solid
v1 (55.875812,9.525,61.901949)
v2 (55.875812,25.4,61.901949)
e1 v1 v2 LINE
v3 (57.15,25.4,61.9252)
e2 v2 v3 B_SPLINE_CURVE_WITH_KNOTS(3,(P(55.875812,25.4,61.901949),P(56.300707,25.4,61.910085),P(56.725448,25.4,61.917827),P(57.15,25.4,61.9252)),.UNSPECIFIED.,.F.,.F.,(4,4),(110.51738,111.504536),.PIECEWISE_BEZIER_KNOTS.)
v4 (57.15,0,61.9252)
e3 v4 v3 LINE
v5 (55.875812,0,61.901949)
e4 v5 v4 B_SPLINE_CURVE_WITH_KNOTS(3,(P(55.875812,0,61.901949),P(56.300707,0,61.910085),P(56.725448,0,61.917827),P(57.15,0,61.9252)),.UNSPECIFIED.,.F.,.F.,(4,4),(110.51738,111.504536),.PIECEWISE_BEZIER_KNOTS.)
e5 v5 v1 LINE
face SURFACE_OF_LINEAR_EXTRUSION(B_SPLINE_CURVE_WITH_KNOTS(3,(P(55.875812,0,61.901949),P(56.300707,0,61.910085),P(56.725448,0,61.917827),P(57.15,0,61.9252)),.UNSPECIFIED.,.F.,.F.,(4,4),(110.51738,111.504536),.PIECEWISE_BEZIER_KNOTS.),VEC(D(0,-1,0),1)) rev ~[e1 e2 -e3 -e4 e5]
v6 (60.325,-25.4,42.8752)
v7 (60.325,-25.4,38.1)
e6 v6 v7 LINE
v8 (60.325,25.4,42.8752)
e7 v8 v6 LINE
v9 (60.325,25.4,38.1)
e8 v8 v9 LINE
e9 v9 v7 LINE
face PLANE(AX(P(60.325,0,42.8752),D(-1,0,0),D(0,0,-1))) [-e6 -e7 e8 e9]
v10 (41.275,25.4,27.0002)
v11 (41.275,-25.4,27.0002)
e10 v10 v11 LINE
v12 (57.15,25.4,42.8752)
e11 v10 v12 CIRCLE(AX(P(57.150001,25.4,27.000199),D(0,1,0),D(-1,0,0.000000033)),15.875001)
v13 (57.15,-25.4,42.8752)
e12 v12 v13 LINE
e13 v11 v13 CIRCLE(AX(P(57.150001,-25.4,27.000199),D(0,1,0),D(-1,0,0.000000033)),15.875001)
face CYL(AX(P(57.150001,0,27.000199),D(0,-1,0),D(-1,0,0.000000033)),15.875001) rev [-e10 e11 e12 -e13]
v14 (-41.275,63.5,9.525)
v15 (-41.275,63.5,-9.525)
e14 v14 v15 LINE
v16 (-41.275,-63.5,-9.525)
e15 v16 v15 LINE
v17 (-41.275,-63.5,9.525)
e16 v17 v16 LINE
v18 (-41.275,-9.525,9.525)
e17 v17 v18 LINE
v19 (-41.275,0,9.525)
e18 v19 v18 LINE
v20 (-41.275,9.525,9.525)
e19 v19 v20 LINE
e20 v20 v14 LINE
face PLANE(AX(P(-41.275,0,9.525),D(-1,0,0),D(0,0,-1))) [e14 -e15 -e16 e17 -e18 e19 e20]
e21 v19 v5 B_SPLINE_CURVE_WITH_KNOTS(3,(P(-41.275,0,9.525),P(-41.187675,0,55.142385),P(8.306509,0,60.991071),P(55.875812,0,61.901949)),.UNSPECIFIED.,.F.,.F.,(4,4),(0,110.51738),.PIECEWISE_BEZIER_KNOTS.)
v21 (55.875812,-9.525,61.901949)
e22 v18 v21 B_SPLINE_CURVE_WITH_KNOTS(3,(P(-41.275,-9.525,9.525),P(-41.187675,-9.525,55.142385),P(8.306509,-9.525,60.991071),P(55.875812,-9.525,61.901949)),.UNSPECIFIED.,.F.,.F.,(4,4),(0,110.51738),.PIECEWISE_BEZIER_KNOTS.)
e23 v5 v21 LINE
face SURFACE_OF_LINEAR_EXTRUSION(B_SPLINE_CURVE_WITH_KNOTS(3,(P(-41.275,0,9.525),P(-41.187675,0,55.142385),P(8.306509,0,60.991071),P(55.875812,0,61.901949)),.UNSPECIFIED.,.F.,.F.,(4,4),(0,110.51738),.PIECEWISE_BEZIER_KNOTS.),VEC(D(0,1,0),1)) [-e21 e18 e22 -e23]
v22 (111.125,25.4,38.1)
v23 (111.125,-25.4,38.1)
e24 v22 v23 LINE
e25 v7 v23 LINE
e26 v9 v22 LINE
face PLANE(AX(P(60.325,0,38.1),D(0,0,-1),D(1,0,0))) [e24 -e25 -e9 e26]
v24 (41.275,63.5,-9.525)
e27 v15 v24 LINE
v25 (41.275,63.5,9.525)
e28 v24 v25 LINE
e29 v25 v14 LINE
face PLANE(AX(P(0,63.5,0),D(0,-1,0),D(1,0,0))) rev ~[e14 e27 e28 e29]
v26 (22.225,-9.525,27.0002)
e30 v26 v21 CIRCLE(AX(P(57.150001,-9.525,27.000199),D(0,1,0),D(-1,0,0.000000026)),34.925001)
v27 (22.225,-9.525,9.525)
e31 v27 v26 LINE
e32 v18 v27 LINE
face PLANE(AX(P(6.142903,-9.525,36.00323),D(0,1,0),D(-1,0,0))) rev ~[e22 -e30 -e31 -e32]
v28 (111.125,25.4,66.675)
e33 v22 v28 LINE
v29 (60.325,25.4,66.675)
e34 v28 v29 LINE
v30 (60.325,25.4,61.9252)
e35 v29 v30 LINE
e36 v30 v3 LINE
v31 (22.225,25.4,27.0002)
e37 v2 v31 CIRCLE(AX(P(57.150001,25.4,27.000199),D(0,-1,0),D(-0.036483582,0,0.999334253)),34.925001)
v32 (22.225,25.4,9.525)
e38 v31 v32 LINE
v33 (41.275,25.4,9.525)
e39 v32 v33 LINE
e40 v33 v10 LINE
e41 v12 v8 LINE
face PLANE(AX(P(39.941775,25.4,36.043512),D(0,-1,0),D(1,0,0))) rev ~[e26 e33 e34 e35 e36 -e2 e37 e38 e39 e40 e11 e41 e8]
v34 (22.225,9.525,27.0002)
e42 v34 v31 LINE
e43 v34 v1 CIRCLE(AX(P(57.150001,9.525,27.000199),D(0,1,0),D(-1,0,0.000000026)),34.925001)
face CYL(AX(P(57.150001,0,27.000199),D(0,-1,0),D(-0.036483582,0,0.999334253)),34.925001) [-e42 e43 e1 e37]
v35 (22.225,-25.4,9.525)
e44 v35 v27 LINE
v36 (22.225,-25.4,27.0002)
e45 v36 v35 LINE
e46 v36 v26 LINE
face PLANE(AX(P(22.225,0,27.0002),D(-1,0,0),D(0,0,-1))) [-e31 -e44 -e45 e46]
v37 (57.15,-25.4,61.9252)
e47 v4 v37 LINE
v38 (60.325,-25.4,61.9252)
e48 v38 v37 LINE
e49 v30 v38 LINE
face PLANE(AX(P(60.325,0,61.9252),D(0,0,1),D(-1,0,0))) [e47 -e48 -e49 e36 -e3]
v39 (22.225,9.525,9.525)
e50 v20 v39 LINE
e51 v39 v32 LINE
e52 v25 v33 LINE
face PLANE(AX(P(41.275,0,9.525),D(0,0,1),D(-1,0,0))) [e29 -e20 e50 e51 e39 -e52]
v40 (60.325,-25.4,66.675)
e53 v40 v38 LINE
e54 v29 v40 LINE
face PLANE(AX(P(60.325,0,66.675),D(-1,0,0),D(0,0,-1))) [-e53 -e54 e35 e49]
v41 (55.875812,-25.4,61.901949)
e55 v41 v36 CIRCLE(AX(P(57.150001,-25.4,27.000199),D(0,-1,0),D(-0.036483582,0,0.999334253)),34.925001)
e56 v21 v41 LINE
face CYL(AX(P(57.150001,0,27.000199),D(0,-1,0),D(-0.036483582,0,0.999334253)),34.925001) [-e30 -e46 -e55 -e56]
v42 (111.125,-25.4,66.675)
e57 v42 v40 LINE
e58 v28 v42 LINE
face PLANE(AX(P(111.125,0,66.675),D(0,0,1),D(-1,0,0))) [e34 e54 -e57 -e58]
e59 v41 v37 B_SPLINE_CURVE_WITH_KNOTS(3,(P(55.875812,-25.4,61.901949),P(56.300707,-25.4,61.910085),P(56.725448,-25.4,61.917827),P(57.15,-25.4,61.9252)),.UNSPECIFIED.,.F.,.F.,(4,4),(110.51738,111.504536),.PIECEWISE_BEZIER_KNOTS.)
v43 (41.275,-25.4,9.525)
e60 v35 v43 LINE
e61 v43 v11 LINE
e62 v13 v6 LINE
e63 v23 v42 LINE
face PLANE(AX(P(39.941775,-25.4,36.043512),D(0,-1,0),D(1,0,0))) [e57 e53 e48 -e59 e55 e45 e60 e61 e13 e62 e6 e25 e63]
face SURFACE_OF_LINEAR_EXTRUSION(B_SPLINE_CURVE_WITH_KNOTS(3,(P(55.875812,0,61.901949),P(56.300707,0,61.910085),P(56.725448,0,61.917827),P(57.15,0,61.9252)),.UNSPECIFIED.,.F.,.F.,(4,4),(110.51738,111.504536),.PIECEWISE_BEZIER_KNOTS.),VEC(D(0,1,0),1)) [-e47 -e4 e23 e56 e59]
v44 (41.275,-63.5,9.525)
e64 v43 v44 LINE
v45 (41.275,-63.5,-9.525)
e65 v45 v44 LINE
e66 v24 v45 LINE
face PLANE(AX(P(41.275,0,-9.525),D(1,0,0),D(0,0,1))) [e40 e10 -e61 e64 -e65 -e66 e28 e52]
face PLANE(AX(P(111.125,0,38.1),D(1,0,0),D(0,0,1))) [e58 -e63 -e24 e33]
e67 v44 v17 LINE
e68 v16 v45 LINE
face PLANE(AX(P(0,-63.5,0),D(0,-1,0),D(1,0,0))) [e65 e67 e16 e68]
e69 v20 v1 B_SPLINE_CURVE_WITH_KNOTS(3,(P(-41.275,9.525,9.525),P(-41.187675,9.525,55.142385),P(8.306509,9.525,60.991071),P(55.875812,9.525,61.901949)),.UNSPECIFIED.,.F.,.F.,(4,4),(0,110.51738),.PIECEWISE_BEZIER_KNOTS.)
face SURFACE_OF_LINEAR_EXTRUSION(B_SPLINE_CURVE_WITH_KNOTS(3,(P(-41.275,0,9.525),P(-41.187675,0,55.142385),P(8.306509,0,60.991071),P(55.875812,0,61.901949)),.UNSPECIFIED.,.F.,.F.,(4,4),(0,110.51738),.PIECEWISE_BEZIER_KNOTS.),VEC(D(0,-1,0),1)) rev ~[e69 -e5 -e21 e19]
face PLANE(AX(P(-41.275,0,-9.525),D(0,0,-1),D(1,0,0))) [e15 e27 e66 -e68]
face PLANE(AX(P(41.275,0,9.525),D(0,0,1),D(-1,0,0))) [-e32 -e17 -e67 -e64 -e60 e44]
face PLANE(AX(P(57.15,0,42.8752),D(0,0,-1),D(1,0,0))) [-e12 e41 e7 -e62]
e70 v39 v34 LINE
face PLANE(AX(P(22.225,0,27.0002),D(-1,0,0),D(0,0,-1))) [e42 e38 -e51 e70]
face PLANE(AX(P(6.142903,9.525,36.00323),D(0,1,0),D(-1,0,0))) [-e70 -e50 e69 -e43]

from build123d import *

# Parameters (mm, degrees)
F1_DEPTH = 63.5
F2_DEPTH = 25.4
F3_DEPTH = 9.525


with BuildPart() as f1:
    # F0 (on Front) → F1 (new body, symmetric)
    with BuildSketch(Plane.XZ):
        Polygon((-41.275, -9.525), (41.275, -9.525), (41.275, 9.525), (22.225, 9.525), (-41.275, 9.525), align=None)
    extrude(amount=F1_DEPTH, both=True)

    # F0 (on Front) → F2 (join, symmetric)
    with BuildSketch(Plane.XZ):
        with BuildLine():
            Line((22.225, 9.525), (41.275, 9.525))
            Line((41.275, 9.525), (41.275, 27.0002))
            ThreePointArc((41.275, 27.0002), (45.92468, 38.22552), (57.15, 42.8752))
            Line((57.15, 42.8752), (60.325, 42.8752))
            Line((60.325, 42.8752), (60.325, 61.9252))
            Line((60.325, 61.9252), (57.15, 61.9252))
            add(Edge.make_bspline(
                [(55.875812, 61.901949), (56.300707, 61.910085), (56.725448, 61.917827), (57.15, 61.9252)],
                knots=[110.51738, 110.51738, 110.51738, 110.51738, 111.504536, 111.504536, 111.504536, 111.504536], degree=3))
            ThreePointArc((55.875812, 61.901949), (32.007838, 51.241225), (22.225, 27.0002))
            Line((22.225, 27.0002), (22.225, 9.525))
        make_face()
        Polygon((60.325, 61.9252), (60.325, 42.8752), (60.325, 38.1), (111.125, 38.1), (111.125, 66.675), (60.325, 66.675), align=None)
    extrude(amount=F2_DEPTH, both=True)

    # F0 (on Front) → F3 (join, symmetric)
    with BuildSketch(Plane.XZ):
        with BuildLine():
            add(Edge.make_bspline(
                [(-41.275, 9.525), (-41.187675, 55.142385), (8.306509, 60.991071), (55.875812, 61.901949)],
                knots=[0, 0, 0, 0, 110.51738, 110.51738, 110.51738, 110.51738], degree=3))
            Line((-41.275, 9.525), (22.225, 9.525))
            Line((22.225, 9.525), (22.225, 27.0002))
            ThreePointArc((22.225, 27.0002), (32.007838, 51.241225), (55.875812, 61.901949))
        make_face()
    extrude(amount=F3_DEPTH, both=True)


solid = f1.part
